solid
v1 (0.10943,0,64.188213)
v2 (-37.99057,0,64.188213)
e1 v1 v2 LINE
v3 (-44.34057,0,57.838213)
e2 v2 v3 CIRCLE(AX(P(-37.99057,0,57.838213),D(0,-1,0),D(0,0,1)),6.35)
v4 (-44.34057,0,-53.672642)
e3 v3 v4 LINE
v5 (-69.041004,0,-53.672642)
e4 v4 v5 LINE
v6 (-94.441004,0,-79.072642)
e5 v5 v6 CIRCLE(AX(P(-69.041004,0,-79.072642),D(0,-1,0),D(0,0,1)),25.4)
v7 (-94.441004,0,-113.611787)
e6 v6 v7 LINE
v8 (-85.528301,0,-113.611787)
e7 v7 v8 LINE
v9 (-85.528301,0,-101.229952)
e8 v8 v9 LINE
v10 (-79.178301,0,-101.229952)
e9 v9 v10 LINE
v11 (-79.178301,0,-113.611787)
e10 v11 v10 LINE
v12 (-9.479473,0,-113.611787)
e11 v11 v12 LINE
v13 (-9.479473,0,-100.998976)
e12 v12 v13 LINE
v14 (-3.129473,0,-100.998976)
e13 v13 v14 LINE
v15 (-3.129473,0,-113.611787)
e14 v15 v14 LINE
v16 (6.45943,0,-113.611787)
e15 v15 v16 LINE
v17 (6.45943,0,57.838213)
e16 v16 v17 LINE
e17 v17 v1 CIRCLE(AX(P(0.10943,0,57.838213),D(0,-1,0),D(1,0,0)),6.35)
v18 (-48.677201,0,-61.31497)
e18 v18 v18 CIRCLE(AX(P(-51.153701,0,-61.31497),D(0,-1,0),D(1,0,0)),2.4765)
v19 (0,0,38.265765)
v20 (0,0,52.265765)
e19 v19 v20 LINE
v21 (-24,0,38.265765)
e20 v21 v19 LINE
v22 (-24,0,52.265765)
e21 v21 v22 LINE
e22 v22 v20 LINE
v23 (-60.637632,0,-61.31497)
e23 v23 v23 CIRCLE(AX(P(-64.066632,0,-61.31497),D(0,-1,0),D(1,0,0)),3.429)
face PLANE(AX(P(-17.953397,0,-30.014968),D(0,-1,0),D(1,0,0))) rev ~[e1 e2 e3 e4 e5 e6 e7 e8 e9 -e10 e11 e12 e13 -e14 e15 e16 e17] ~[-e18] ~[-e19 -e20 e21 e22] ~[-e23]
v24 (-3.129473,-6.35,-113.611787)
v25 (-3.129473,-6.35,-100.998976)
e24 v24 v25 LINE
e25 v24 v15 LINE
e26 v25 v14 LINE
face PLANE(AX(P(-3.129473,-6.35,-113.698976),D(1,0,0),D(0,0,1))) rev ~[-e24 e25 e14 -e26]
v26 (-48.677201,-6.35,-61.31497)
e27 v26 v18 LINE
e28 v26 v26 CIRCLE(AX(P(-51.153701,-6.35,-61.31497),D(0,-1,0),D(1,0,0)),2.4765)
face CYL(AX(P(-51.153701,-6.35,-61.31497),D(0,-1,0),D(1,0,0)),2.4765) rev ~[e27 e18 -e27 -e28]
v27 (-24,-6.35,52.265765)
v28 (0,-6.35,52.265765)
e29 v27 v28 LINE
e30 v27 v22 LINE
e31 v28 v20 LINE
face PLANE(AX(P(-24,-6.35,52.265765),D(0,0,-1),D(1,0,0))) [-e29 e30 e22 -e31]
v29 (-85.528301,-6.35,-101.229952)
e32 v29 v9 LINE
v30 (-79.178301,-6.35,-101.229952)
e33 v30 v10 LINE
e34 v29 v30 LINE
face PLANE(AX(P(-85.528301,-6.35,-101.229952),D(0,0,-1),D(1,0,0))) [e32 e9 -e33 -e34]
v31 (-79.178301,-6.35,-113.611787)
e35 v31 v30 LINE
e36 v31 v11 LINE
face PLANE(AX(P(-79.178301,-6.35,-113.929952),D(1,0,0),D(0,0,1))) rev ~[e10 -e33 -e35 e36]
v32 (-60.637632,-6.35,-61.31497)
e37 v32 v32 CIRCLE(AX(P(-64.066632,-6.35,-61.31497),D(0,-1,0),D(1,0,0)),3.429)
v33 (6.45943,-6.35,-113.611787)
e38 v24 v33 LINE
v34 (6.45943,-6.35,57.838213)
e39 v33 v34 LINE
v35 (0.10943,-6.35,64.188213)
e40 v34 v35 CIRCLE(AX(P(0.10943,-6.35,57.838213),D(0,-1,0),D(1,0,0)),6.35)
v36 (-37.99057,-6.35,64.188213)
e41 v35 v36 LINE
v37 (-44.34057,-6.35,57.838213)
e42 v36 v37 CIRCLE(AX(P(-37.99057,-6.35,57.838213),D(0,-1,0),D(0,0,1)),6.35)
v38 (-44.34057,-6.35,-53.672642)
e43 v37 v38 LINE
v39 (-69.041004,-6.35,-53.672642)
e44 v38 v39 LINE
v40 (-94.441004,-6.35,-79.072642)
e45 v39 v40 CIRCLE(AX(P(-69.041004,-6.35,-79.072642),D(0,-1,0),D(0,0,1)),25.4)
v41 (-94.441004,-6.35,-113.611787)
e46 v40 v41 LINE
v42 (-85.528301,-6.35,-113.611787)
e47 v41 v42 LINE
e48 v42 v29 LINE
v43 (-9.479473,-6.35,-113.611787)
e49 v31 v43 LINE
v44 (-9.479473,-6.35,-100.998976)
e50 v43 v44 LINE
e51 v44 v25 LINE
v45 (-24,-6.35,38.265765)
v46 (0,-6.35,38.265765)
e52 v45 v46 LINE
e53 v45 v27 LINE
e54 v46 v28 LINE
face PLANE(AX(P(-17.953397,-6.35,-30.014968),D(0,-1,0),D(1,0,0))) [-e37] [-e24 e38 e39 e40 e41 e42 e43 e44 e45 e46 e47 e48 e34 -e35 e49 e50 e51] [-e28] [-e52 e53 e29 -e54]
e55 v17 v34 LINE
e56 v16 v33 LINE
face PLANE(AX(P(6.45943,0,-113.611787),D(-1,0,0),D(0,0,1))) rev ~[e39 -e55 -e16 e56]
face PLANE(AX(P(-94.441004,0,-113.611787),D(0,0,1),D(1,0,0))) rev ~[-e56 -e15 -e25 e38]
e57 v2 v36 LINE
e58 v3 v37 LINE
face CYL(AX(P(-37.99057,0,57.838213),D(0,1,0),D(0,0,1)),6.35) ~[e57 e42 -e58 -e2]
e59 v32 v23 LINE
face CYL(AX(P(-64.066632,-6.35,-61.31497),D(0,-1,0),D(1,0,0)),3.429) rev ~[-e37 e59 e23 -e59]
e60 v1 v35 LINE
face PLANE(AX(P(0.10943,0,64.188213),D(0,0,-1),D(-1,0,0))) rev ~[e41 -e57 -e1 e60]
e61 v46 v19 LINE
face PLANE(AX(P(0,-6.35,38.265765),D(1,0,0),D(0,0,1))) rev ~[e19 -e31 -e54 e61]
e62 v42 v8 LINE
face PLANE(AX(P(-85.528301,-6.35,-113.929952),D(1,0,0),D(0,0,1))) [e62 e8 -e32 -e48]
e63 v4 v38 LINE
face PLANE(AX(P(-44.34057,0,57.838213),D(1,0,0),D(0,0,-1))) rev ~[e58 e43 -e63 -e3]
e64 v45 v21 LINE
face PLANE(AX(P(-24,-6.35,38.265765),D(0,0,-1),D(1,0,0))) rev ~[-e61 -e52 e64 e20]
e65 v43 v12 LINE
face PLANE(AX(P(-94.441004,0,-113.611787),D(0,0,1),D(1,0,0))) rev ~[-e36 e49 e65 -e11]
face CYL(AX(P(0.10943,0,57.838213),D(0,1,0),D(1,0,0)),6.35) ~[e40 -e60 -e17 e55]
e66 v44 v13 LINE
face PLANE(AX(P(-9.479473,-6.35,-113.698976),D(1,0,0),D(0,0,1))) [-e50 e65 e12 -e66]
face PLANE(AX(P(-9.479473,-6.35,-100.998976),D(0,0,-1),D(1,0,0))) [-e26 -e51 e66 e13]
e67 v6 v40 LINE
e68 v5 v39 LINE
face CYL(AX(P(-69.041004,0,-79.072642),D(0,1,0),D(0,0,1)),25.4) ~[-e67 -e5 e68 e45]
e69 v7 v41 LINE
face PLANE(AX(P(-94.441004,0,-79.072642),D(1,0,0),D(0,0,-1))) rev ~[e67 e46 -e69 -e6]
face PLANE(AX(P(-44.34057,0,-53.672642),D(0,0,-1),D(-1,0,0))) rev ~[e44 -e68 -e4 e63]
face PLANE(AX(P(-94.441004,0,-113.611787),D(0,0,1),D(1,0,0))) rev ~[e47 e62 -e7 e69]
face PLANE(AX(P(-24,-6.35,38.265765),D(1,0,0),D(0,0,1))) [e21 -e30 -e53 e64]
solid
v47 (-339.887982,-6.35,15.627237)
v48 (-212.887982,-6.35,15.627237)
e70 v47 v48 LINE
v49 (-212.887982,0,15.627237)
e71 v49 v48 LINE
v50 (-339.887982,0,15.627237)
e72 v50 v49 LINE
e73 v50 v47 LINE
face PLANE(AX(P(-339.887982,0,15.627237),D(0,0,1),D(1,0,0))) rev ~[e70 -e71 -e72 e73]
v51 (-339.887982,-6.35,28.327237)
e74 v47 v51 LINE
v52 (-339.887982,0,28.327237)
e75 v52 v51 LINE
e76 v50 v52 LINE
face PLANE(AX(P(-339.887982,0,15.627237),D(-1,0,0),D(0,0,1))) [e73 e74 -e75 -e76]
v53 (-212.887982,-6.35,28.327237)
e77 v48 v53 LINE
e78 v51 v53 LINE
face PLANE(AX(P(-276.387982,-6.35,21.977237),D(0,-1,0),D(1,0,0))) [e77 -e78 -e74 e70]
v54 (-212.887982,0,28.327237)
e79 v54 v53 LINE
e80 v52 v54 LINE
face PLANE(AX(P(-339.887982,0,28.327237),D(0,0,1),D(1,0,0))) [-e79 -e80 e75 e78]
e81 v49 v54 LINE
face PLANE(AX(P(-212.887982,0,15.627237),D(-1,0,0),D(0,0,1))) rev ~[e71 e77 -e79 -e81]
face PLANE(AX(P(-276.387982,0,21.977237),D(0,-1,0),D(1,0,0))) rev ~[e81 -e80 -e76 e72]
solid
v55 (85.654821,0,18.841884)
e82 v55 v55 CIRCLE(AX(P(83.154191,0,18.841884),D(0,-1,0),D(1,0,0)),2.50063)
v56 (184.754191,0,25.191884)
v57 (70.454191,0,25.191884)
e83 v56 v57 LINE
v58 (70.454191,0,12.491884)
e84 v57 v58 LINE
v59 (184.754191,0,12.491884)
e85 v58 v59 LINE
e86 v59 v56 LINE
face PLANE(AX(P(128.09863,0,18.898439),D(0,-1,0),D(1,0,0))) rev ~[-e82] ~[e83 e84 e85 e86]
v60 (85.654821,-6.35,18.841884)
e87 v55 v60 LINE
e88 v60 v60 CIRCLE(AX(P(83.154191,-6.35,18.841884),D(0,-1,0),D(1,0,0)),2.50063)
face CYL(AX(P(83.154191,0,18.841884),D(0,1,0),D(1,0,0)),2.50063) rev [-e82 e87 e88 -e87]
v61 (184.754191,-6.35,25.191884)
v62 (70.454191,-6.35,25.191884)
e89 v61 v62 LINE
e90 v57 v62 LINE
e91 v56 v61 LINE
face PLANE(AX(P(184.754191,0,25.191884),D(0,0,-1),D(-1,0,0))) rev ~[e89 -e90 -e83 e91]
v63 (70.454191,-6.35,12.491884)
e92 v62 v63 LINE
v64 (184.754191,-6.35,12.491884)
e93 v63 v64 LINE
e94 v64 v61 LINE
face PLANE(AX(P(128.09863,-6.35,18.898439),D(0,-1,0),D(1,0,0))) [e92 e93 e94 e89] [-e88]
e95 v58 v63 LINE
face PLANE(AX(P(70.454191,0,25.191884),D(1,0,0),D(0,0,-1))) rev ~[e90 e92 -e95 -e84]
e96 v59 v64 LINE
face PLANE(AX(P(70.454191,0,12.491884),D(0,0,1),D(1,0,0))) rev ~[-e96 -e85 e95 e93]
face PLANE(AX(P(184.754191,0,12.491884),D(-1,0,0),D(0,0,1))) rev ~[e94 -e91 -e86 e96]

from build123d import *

# Parameters (mm, degrees)
F0_W      = 6.2484
F0_H      = 12.7
F1_DEPTH  = 6.35
F2_R      = 2.50063
F2_W      = 0.635
F2_H      = 0.635
F2_W_2    = 0.64686688
F3_DEPTH  = 6.35
F5_W      = 6.35
F5_H      = 12.7
F6_DEPTH  = 18.796
F7_W      = 127
F7_H      = 12.7
F8_DEPTH  = 6.35
F9_R      = 2.4765
F9_R_2    = 3.429
F10_DEPTH = 10.668
F11_W     = 24
F11_H     = 14
F12_DEPTH = 12.6


with BuildPart() as f1:
    # F0 (on Front) → F1 (new body)
    with BuildSketch(Plane.XZ):
        with BuildLine():
            Line((0.1094298816, 64.1882125348), (-37.9905701184, 64.1882125348))
            ThreePointArc((-37.9905701184, 64.1882125348), (-42.4806981789, 62.3283405953), (-44.3405701184, 57.8382125348))
            Line((-44.3405701184, 57.8382125348), (-44.3405701184, -53.6726415157))
            Line((-44.3405701184, -53.6726415157), (-44.3405701184, -113.6117874652))
            Line((-44.3405701184, -113.6117874652), (-3.5291565582, -113.6117874652))
            Line((-3.5291565582, -113.6117874652), (-3.5291565582, -100.9117874652))
            Line((-3.5291565582, -100.9117874652), (2.7192434418, -100.9117874652))
            Line((2.7192434418, -100.9117874652), (2.7192434418, -113.6117874652))
            Line((2.7192434418, -113.6117874652), (6.4594298816, -113.6117874652))
            Line((6.4594298816, -113.6117874652), (6.4594298816, 57.8382125348))
            ThreePointArc((6.4594298816, 57.8382125348), (4.5995579422, 62.3283405953), (0.1094298816, 64.1882125348))
        make_face()
        with BuildLine():
            Line((-44.3405701184, -113.6117874652), (-44.3405701184, -53.6726415157))
            Line((-44.3405701184, -53.6726415157), (-69.0410040975, -53.6726415157))
            ThreePointArc((-69.0410040975, -53.6726415157), (-87.0015163396, -61.1121292736), (-94.4410040975, -79.0726415157))
            Line((-94.4410040975, -79.0726415157), (-94.4410040975, -113.6117874652))
            Line((-94.4410040975, -113.6117874652), (-89.2475768924, -113.6117874652))
            Line((-89.2475768924, -113.6117874652), (-89.2475768924, -100.9117874652))
            Line((-89.2475768924, -100.9117874652), (-82.9991768924, -100.9117874652))
            Line((-82.9991768924, -100.9117874652), (-82.9991768924, -113.6117874652))
            Line((-82.9991768924, -113.6117874652), (-44.3405701184, -113.6117874652))
        make_face()
        with Locations((-0.4049565582, -107.2617874652)):
            Rectangle(F0_W, F0_H)
        with Locations((-86.1233768924, -107.2617874652)):
            Rectangle(F0_W, F0_H)
    extrude(amount=F1_DEPTH)

    # F5 (on face) → F6 (cut)
    with BuildSketch(Plane.XZ.offset(6.35)):
        with Locations((-82.3533010844, -107.5799518967)):
            Rectangle(F5_W, F5_H)
        with Locations((-6.3044726846, -107.3489762023)):
            Rectangle(F5_W, F5_H)
    extrude(amount=-F6_DEPTH, mode=Mode.SUBTRACT)

    # F9 (on face) → F10 (cut)
    with BuildSketch(Plane.XZ.offset(6.35)):
        with Locations((-51.1537013053, -61.3149702549)):
            Circle(F9_R)
        with Locations((-64.0666323717, -61.3149702549)):
            Circle(F9_R_2)
    extrude(amount=-F10_DEPTH, mode=Mode.SUBTRACT)

    # F11 (on face) → F12 (cut)
    with BuildSketch(Plane.XZ.offset(6.35)):
        with Locations((-12, 45.2657650553)):
            Rectangle(F11_W, F11_H)
    extrude(amount=-F12_DEPTH, mode=Mode.SUBTRACT)


with BuildPart() as f3:
    # F2 (on Front) → F3 (new body)
    with BuildSketch(Plane.XZ):
        Polygon((174.2882113361, 25.1918840105), (70.4541908026, 25.1918840105), (70.4541908026, 12.4918840105), (184.7541908026, 12.4918840105), (184.7541908026, 25.1918840105), (180.8028519154, 25.1918840105), (180.8028519154, 24.5568840105), (180.1559850354, 24.5568840105), (180.1559850354, 25.1918840105), (174.9232113361, 25.1918840105), (174.9232113361, 24.5568840105), (174.2882113361, 24.5568840105), align=None)
        with Locations((83.1541908026, 18.8418840105)):
            Circle(F2_R, mode=Mode.SUBTRACT)
        with Locations((174.6057113361, 24.8743840105)):
            Rectangle(F2_W, F2_H)
        with Locations((180.4794184754, 24.8743840105)):
            Rectangle(F2_W_2, F2_H)
    extrude(amount=F3_DEPTH)


with BuildPart() as f8:
    # F7 (on Front) → F8 (new body)
    with BuildSketch(Plane.XZ):
        with Locations((-276.3879820704, 21.9772367024)):
            Rectangle(F7_W, F7_H)
    extrude(amount=F8_DEPTH)


solid = Compound([f1.part, f3.part, f8.part])
